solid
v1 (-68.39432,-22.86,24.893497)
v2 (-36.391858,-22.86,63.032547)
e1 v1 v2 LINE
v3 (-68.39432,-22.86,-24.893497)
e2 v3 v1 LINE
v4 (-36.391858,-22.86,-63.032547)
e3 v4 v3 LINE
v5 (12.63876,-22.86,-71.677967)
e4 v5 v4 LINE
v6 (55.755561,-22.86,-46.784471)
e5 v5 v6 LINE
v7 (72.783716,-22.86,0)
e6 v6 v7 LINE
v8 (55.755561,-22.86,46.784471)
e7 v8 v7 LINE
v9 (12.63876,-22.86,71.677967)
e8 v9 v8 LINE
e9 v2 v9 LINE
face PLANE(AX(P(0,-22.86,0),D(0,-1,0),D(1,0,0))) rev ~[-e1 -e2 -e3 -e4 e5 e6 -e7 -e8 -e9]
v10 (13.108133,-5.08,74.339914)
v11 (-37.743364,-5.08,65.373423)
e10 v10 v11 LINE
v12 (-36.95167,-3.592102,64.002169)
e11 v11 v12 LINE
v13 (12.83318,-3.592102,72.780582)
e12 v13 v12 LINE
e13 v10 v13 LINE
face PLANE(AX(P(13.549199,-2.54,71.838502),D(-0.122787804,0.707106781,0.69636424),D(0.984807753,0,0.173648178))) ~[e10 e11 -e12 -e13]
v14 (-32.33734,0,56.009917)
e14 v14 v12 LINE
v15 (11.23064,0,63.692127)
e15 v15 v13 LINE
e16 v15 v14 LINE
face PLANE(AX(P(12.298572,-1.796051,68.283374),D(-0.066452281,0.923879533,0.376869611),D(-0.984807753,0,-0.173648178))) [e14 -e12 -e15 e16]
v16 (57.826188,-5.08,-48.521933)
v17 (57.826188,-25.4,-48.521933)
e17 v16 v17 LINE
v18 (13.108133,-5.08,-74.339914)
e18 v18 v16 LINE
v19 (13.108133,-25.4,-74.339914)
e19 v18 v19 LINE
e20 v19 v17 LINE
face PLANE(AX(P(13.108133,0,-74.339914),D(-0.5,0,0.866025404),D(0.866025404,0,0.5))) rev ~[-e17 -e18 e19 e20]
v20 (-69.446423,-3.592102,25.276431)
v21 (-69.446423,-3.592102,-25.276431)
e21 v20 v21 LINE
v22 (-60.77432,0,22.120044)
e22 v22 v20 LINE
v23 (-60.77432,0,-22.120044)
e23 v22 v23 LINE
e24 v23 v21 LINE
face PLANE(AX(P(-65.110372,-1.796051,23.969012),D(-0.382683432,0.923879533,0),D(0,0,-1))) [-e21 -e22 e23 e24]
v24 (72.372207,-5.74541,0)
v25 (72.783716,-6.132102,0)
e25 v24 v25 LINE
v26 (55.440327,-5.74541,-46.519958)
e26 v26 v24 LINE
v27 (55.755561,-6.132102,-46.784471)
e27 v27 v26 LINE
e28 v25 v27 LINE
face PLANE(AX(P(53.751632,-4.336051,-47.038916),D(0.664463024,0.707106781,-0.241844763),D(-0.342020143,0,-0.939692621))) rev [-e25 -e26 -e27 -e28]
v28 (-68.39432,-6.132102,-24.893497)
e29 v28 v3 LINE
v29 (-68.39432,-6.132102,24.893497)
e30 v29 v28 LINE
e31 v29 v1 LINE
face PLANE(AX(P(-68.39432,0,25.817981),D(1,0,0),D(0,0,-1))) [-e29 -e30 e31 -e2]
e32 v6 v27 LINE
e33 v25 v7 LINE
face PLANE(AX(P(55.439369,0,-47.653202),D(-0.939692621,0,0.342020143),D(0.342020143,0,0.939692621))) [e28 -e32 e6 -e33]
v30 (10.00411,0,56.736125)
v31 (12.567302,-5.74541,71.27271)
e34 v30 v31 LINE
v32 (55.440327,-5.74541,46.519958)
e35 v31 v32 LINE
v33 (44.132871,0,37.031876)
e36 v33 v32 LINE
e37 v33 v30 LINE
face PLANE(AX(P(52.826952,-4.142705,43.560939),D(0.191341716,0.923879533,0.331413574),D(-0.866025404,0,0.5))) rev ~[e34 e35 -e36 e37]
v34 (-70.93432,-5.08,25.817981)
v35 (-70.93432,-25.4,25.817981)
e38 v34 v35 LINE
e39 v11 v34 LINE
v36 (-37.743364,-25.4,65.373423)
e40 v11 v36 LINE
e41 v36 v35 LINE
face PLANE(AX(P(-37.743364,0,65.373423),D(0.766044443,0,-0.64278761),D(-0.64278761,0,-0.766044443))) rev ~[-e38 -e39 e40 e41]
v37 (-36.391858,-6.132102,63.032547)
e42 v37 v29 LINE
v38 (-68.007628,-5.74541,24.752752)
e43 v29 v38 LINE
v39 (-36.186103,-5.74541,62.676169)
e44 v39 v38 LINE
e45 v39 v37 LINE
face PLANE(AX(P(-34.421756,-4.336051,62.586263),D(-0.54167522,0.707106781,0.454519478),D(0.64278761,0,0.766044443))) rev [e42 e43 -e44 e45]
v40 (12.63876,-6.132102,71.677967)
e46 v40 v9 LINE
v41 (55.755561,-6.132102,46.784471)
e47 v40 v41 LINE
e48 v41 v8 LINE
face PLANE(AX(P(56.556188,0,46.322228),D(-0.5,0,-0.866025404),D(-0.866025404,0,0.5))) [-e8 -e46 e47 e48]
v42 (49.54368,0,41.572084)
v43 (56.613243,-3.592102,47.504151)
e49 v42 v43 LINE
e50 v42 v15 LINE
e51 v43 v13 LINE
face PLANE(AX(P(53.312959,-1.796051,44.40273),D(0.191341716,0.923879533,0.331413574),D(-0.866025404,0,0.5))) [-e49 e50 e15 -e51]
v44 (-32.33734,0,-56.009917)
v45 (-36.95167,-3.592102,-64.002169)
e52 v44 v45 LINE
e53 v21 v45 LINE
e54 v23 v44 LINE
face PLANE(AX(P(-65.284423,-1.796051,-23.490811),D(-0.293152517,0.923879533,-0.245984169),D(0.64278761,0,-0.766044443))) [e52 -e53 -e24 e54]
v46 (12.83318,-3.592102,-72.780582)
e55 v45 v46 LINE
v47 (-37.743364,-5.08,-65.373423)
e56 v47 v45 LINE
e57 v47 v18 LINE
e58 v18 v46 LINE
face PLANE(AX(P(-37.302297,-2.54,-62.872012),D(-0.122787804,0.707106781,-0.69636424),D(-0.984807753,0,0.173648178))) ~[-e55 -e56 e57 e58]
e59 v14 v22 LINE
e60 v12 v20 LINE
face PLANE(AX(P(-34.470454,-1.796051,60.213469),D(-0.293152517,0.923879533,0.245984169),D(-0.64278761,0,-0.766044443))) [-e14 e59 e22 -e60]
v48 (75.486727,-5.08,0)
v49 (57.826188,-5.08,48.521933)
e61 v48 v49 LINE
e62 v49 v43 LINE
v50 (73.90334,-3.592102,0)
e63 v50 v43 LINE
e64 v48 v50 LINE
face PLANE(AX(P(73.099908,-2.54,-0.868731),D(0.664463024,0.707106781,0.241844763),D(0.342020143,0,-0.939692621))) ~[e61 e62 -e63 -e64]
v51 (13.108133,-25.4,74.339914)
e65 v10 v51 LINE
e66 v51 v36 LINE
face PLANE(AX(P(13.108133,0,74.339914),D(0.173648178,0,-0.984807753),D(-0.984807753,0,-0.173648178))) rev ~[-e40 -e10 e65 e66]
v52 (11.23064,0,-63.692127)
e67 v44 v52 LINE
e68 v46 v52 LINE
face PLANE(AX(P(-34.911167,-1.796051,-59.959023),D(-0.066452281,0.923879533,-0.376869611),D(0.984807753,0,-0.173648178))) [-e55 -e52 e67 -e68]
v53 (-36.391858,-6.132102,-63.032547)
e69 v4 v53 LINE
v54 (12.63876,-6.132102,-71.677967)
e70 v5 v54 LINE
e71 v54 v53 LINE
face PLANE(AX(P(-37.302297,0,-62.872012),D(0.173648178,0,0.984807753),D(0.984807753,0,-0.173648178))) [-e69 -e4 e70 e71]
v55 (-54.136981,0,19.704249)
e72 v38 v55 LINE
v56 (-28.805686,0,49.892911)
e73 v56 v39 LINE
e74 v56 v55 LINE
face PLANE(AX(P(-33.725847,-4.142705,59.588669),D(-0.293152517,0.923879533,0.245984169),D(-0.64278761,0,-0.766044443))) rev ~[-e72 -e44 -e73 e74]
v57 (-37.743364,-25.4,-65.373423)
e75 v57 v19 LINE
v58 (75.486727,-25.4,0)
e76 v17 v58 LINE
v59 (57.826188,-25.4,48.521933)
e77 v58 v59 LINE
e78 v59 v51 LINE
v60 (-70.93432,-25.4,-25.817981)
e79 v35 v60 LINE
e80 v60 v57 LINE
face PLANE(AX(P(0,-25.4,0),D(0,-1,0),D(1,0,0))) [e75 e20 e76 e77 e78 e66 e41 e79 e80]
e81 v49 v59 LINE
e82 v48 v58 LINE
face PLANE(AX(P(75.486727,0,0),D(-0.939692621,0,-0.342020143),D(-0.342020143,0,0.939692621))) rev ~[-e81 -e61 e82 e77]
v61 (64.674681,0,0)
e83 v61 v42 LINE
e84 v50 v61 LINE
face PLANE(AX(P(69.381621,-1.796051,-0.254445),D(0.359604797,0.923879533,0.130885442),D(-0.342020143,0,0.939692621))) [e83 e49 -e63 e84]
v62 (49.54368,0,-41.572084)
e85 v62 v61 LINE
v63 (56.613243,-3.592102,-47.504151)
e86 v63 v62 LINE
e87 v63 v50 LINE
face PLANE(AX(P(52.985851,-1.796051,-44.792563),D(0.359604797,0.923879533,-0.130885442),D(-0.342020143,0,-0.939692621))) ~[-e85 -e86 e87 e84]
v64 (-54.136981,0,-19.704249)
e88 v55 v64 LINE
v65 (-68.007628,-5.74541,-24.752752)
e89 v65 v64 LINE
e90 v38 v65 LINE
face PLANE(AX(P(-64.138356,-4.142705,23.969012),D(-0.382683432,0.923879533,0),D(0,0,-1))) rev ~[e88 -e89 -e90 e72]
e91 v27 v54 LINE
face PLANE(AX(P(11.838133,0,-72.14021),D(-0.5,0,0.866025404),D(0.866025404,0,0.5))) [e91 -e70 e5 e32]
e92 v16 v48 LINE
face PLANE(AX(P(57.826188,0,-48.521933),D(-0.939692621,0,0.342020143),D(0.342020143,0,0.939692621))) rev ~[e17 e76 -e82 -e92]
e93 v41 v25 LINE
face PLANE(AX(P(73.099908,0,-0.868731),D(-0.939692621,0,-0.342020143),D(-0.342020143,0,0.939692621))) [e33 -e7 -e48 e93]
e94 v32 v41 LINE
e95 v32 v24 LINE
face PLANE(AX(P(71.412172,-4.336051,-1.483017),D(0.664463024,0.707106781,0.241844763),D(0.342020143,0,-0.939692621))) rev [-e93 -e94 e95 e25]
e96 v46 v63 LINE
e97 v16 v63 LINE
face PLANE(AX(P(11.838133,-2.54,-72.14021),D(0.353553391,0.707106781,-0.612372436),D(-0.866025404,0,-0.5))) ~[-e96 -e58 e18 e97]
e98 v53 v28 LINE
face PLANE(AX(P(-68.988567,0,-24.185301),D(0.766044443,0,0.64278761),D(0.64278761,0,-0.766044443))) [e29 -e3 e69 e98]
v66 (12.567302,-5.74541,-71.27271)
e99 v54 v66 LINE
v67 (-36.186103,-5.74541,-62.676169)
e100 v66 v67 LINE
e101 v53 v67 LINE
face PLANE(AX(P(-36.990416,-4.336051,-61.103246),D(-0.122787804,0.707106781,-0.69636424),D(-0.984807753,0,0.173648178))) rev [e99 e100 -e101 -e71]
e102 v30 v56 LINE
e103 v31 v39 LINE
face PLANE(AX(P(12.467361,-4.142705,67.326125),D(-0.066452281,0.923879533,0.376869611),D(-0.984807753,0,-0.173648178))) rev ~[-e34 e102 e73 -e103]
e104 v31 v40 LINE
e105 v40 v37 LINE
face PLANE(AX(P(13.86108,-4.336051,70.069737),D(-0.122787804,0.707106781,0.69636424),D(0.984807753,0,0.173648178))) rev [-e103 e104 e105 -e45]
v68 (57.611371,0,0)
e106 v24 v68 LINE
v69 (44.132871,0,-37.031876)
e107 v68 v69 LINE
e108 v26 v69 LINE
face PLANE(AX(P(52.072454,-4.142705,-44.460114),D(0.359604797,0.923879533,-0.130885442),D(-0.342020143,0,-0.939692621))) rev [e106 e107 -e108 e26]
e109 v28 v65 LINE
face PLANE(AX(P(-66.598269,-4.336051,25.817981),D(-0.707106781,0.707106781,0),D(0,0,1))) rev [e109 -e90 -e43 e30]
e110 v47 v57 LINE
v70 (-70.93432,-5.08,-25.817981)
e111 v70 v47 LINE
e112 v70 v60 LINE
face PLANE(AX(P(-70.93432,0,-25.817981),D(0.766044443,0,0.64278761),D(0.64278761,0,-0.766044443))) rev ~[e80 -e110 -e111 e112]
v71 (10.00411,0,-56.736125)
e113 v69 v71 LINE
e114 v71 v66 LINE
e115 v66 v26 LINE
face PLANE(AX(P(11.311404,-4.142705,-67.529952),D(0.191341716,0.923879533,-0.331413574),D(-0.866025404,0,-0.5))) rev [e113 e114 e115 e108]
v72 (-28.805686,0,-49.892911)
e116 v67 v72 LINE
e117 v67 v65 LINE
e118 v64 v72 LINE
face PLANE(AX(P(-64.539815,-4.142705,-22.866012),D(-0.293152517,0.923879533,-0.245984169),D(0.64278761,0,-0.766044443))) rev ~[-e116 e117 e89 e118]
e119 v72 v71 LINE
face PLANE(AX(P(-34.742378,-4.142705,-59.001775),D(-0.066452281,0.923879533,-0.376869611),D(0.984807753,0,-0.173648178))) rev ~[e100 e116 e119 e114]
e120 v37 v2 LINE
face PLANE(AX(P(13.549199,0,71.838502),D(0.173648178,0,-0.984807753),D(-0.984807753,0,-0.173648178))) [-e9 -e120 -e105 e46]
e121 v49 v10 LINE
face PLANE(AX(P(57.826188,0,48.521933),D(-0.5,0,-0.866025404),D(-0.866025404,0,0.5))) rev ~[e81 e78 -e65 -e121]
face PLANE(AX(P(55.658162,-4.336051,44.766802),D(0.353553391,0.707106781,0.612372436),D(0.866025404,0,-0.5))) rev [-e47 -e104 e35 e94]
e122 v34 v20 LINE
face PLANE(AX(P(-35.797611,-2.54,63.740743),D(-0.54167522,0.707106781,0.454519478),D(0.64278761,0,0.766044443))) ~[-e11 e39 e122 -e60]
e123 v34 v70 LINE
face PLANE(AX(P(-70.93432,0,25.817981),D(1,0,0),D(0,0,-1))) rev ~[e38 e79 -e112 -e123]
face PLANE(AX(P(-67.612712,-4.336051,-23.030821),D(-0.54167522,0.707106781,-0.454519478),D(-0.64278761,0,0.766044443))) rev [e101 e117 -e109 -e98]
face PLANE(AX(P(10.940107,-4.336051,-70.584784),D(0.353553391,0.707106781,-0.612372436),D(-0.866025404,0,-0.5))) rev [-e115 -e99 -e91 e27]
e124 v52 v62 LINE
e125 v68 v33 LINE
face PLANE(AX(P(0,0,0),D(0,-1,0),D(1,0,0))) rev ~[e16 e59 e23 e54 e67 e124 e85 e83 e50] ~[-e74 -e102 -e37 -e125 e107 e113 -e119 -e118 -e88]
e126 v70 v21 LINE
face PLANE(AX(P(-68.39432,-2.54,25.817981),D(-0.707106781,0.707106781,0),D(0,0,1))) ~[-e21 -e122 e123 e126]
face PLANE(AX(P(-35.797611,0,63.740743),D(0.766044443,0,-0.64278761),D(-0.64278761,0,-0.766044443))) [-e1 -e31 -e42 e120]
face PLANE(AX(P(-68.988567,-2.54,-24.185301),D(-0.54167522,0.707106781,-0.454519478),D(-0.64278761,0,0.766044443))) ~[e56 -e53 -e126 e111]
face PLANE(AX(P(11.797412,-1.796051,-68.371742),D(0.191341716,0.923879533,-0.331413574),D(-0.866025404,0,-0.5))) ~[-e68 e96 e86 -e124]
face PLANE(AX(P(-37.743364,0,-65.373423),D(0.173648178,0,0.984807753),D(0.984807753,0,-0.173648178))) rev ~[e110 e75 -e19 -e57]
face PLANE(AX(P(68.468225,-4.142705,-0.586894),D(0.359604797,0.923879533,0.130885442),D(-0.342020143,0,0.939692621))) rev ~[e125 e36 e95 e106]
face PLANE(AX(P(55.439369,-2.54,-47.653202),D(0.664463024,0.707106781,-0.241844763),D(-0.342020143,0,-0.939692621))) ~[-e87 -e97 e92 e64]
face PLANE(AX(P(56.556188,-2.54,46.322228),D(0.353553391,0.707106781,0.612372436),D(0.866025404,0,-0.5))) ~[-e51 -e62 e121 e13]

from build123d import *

# Parameters (mm, degrees)
F1_DEPTH = 25.4
F2_SIZE2 = 5.08
F2_SIZE  = 5.08
F3_SIZE  = 5.08
F4_T     = -2.54


with BuildPart() as f1:
    # F0 (on Front) → F1 (new body)
    with BuildSketch(Plane.XZ):
        Polygon((57.8261877927, -48.5219328492), (75.4867270589, 0), (57.8261877927, 48.5219328492), (13.1081325918, 74.3399140571), (-37.7433635294, 65.3734232815), (-70.9343203845, 25.8179812079), (-70.9343203845, -25.8179812079), (-37.7433635294, -65.3734232815), (13.1081325918, -74.3399140571), align=None)
    extrude(amount=F1_DEPTH)

    # F2
    f2_edges = [f1.edges().sort_by_distance(p)[0] for p in [
        (66.656457, 0, -24.260966),
        (66.656457, 0, 24.260966),
        (35.46716, 0, 61.430923),
        (-12.317615, 0, 69.856669),
        (-54.338842, 0, 45.595702),
        (-70.93432, 0, 0),
        (-54.338842, 0, -45.595702),
        (-12.317615, 0, -69.856669),
        (35.46716, 0, -61.430923),
    ]]
    chamfer(f2_edges, length=F2_SIZE, length2=F2_SIZE2)

    # F3
    f3_edges = [f1.edges().sort_by_distance(p)[0] for p in [
        (61.882819, 0, -22.523504),
        (32.92716, 0, -57.031514),
        (61.882819, 0, 22.523504),
        (-11.435483, 0, -64.853845),
        (32.92716, 0, 57.031514),
        (-50.447336, 0, -42.330341),
        (-11.435483, 0, 64.853845),
        (-65.85432, 0, 0),
        (-50.447336, 0, 42.330341),
    ]]
    chamfer(f3_edges, length=F3_SIZE)

    # F4
    f4_openings = [f1.faces().sort_by_distance(p)[0] for p in [
        (0, 0, 0),
    ]]
    offset(amount=F4_T, openings=f4_openings, kind=Kind.INTERSECTION)


solid = f1.part
